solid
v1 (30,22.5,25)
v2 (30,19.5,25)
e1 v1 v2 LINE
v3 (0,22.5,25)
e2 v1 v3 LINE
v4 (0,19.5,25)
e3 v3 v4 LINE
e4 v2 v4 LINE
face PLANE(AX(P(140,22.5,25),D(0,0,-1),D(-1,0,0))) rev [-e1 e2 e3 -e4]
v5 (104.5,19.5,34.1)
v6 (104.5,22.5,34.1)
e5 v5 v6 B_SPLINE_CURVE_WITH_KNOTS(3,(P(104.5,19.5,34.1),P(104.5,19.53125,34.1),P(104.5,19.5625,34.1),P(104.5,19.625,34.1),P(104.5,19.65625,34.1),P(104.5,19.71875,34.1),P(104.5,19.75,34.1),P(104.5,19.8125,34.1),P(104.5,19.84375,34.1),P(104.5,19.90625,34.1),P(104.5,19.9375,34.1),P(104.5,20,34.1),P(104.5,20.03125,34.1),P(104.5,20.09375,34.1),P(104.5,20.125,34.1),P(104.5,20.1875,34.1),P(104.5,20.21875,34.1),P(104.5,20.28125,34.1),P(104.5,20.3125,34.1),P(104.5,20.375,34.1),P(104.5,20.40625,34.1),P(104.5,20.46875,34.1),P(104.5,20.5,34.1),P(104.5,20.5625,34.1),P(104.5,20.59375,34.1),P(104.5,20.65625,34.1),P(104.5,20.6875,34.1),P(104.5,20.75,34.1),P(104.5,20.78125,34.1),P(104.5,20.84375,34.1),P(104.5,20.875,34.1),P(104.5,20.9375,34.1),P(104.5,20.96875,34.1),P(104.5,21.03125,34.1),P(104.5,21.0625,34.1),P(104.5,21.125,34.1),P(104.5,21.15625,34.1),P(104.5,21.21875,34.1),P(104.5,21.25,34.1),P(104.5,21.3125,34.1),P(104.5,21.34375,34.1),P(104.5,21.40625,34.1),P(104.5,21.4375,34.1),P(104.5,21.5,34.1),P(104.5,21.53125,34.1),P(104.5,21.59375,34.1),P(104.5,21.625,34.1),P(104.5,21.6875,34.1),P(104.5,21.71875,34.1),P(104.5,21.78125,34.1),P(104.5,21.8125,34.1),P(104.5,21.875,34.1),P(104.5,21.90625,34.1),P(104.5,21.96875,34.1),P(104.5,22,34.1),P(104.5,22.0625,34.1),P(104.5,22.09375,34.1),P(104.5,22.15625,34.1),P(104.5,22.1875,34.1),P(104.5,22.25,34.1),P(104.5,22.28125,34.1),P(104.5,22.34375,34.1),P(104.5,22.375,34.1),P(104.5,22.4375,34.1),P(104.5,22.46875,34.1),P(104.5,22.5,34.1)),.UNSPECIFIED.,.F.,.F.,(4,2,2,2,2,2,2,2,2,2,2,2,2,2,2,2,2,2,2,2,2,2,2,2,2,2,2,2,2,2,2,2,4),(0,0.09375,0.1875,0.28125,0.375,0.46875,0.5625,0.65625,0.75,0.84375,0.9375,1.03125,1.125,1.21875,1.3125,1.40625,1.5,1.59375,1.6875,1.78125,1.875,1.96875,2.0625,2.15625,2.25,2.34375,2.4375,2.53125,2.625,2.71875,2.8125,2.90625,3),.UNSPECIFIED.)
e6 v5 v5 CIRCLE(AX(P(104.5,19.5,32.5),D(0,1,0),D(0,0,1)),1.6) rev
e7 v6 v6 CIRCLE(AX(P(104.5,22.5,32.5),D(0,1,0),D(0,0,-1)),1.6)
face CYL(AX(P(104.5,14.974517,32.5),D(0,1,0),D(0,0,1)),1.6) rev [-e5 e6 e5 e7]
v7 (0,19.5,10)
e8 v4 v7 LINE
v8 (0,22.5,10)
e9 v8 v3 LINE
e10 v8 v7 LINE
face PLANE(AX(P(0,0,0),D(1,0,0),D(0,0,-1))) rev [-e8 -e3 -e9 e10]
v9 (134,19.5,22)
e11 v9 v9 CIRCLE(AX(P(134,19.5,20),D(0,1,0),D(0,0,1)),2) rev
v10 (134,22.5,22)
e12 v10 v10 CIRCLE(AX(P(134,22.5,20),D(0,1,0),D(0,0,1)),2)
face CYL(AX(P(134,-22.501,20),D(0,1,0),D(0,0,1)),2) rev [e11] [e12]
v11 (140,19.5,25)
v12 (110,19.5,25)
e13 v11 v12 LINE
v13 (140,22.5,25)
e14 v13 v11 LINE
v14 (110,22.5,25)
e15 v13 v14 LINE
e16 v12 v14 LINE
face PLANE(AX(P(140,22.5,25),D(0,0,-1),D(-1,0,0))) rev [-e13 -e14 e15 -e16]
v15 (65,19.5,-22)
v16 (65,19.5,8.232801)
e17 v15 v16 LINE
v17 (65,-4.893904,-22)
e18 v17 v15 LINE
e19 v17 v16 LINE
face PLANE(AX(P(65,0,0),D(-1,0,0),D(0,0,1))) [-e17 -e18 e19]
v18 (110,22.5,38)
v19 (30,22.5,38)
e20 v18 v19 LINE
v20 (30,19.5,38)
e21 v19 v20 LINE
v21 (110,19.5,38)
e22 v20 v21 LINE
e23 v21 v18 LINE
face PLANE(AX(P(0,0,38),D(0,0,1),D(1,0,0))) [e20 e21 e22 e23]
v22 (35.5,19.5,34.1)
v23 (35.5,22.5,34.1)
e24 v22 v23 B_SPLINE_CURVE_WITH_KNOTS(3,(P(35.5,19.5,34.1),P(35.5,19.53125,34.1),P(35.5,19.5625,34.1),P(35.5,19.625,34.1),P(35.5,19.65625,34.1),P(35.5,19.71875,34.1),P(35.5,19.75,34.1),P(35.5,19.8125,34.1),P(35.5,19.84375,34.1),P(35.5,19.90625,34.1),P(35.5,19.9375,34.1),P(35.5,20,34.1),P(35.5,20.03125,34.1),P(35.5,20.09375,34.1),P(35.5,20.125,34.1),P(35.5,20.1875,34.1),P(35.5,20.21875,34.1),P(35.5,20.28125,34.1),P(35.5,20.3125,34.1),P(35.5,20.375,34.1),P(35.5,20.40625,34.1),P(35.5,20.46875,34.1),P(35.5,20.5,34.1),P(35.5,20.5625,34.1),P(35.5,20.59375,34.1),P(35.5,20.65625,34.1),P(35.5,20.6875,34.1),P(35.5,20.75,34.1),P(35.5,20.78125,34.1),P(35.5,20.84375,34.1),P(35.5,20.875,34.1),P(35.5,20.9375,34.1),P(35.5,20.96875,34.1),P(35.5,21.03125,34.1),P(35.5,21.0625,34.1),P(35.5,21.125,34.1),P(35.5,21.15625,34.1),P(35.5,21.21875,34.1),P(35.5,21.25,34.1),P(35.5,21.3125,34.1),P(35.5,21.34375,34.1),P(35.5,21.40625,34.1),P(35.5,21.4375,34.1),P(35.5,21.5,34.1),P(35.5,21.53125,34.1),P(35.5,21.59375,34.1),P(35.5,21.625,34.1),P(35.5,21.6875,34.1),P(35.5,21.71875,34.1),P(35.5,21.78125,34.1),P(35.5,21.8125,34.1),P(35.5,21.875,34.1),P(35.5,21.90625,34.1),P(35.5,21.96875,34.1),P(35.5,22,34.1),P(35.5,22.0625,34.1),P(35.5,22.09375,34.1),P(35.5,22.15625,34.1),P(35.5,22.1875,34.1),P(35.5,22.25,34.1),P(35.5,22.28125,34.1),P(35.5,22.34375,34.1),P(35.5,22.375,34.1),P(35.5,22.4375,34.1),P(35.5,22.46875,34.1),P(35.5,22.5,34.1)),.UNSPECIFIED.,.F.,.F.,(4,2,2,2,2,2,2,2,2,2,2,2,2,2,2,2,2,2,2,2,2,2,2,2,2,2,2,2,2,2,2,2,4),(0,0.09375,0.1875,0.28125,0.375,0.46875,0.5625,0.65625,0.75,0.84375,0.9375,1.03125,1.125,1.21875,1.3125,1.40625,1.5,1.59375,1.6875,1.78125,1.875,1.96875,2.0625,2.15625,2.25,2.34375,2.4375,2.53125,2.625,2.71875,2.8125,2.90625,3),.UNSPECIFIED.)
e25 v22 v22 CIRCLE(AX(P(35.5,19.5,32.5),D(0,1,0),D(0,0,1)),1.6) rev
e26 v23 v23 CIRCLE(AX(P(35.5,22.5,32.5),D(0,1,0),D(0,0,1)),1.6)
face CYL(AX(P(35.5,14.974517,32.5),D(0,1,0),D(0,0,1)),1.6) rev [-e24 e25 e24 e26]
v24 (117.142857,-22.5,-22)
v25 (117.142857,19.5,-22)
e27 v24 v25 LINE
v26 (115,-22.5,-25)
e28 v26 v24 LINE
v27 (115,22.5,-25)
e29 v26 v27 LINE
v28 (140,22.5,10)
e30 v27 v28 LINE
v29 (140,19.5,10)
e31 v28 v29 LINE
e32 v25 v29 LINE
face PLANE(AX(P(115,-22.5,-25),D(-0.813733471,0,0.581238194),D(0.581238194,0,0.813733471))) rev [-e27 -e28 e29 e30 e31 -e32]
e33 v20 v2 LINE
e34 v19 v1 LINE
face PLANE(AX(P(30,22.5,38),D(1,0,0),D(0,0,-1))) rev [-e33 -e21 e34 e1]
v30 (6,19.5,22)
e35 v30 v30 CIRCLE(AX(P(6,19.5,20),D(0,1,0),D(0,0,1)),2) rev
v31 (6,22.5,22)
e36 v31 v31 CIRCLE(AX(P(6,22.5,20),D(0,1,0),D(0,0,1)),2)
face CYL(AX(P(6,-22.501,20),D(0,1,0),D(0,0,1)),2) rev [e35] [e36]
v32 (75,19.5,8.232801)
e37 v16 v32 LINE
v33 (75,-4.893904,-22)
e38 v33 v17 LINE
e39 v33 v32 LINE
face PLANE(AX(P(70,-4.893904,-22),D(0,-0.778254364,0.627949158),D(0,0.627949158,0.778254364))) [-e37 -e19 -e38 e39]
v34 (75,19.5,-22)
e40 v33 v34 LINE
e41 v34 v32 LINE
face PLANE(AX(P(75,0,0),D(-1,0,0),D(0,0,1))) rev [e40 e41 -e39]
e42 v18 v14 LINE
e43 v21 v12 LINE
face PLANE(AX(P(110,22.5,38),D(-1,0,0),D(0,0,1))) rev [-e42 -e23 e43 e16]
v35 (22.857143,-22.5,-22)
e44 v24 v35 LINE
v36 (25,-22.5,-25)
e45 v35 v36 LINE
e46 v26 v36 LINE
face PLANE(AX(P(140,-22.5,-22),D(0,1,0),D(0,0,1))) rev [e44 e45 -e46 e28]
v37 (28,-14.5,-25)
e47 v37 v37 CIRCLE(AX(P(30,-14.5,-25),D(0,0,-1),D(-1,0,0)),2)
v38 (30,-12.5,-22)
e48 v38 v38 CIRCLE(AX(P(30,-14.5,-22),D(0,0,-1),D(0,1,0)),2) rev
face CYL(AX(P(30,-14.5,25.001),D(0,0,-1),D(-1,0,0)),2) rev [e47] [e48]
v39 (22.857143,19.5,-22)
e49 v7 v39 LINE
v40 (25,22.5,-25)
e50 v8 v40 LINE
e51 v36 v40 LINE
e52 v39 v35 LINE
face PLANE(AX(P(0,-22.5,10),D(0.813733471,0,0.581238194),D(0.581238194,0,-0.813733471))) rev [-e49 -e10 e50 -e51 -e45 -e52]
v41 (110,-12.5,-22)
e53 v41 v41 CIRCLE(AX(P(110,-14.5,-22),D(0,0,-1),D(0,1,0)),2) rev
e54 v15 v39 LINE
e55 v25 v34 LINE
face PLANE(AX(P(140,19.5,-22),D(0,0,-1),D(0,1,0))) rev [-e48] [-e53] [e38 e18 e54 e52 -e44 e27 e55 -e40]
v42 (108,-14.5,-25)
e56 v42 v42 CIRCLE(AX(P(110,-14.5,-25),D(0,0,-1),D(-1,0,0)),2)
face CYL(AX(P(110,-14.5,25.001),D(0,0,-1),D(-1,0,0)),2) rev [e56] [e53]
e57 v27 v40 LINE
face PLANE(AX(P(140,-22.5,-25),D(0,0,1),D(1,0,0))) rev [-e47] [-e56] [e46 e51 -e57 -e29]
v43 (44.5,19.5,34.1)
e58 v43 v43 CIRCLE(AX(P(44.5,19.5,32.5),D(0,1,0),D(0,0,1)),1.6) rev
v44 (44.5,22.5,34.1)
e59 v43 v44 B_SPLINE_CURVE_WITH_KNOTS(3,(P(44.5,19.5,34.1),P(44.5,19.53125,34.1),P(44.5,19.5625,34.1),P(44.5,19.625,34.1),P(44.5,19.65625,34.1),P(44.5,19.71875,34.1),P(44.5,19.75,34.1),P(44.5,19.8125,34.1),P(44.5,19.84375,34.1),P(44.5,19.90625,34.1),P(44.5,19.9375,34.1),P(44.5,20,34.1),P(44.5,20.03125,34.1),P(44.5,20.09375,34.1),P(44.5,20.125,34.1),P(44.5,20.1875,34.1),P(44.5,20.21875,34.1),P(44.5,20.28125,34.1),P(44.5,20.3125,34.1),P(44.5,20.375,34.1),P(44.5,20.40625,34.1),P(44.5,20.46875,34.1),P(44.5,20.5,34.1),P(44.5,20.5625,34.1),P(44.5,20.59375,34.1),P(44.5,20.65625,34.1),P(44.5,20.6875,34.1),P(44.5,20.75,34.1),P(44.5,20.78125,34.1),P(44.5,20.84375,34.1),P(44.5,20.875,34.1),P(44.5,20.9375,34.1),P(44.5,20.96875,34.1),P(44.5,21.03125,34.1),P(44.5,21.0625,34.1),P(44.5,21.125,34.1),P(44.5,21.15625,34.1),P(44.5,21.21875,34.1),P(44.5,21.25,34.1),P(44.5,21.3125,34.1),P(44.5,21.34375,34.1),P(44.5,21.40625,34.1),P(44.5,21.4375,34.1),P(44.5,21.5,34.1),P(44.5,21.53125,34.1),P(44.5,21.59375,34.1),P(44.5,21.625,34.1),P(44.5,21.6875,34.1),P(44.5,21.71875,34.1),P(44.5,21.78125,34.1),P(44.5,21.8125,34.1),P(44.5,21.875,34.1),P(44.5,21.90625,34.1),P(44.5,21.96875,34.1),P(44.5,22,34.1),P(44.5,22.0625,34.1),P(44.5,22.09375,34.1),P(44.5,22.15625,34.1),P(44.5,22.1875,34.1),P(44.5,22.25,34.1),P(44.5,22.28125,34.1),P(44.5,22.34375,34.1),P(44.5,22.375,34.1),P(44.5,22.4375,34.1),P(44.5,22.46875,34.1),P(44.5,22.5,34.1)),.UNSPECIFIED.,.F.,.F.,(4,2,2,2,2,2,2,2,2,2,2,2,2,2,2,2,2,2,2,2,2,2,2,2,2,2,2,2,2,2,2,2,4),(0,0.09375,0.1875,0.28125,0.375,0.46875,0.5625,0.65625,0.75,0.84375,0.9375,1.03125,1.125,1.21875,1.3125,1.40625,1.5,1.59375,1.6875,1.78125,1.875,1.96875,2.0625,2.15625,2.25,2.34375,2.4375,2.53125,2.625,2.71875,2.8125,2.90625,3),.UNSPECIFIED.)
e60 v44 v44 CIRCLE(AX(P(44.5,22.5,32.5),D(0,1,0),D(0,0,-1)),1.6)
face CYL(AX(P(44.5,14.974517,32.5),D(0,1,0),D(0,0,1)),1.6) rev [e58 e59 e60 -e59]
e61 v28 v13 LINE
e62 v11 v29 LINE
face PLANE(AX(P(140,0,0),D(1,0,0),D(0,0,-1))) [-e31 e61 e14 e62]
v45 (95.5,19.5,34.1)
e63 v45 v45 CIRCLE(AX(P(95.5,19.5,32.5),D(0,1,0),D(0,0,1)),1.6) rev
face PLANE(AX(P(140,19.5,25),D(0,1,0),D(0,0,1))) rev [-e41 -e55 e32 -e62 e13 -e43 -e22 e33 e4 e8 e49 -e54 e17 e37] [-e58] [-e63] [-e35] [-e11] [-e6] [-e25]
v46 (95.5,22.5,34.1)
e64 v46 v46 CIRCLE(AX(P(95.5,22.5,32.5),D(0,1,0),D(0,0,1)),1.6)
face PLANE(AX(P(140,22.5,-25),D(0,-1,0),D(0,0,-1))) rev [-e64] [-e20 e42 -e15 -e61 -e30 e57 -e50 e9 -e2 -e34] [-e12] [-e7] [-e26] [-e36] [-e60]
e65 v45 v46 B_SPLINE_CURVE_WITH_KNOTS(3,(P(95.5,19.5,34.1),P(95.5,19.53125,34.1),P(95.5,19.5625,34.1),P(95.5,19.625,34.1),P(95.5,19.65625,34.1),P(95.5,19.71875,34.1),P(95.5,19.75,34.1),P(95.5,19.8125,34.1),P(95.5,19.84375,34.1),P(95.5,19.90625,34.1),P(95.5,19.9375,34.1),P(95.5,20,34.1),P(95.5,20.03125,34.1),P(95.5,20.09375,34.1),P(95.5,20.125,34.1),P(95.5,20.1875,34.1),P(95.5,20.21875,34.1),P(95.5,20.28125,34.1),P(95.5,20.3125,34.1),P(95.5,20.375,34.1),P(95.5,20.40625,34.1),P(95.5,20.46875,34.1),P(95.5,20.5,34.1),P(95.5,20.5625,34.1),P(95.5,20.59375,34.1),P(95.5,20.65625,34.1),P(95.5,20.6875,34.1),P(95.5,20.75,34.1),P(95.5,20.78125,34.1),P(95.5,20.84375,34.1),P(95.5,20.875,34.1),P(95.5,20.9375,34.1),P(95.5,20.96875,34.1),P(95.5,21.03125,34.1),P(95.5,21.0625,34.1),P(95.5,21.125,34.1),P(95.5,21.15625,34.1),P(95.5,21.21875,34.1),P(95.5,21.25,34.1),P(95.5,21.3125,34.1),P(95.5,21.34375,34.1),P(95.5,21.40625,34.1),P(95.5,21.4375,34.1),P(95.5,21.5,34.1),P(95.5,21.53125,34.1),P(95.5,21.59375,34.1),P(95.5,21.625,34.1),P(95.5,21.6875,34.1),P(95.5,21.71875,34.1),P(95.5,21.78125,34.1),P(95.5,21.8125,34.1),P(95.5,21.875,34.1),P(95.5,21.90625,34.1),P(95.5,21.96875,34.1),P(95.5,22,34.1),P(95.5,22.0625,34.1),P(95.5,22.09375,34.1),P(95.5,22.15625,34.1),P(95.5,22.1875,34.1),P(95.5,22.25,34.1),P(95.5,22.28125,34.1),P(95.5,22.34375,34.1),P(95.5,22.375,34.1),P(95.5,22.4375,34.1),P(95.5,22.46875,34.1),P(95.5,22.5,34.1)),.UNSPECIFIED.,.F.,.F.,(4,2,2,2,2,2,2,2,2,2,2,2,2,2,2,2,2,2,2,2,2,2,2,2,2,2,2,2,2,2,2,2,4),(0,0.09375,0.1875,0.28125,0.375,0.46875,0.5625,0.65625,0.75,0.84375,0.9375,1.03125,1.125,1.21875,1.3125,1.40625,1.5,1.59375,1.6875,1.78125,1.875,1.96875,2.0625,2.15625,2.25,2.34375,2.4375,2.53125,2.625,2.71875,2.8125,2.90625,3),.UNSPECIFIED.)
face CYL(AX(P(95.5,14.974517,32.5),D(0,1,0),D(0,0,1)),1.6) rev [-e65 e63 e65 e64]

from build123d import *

# Parameters (mm, degrees)
EXTRUDE_1_DEPTH     = 140
CUT_EXTRUDE_1_REACH = 152.354
SKETCH_2_R          = 2
CUT_EXTRUDE_2_REACH = 151.164
SKETCH_3_R          = 2
CUT_EXTRUDE_3_DEPTH = 150.164338902
RIB_2_REACH         = 79.661
SKETCH_9_WALL_W     = 196.169186172
SKETCH_9_WALL_H     = 10
SKETCH_10_W         = 80
SKETCH_10_H         = 3
EXTRUDE_2_DEPTH     = 13
SKETCH_11_R         = 1.6
CUT_EXTRUDE_4_DEPTH = 3


with BuildPart() as part:
    # 草图1 → 凸台-拉伸1 (new body)
    with BuildSketch(Plane(origin=(0, 0, 0), x_dir=(0, 0, -1), z_dir=(1, 0, 0))):
        Polygon((22, 19.5), (22, -22.5), (25, -22.5), (25, 22.5), (-25, 22.5), (-25, 19.5), align=None)
    extrude(amount=EXTRUDE_1_DEPTH)

    # 草图2 → 切除-拉伸1 (cut, up to next)
    with BuildSketch(Plane(origin=(0, 0, -25), x_dir=(-1, 0, 0), z_dir=(0, 0, -1)), mode=Mode.PRIVATE) as cut_extrude_1_sk1:
        with Locations((-110, -14.5)):
            Circle(SKETCH_2_R)
    cut_extrude_1_tool1 = extrude(cut_extrude_1_sk1.sketch, amount=-CUT_EXTRUDE_1_REACH, mode=Mode.PRIVATE) & part.part
    # 草图2 → 切除-拉伸1 (cut, up to next)
    with BuildSketch(Plane(origin=(0, 0, -25), x_dir=(-1, 0, 0), z_dir=(0, 0, -1)), mode=Mode.PRIVATE) as cut_extrude_1_sk2:
        with Locations((-30, -14.5)):
            Circle(SKETCH_2_R)
    cut_extrude_1_tool2 = extrude(cut_extrude_1_sk2.sketch, amount=-CUT_EXTRUDE_1_REACH, mode=Mode.PRIVATE) & part.part
    add(cut_extrude_1_tool1.solids().sort_by_distance((110, -14.5, -25))[0], mode=Mode.SUBTRACT)
    add(cut_extrude_1_tool2.solids().sort_by_distance((30, -14.5, -25))[0], mode=Mode.SUBTRACT)

    # 草图3 → 切除-拉伸2 (cut, up to next)
    with BuildSketch(Plane(origin=(0, 22.5, 0), x_dir=(1, 0, 0), z_dir=(0, 1, 0)), mode=Mode.PRIVATE) as cut_extrude_2_sk1:
        with Locations(Location((6, -20, 0), (0, 0, 270))):
            Circle(SKETCH_3_R)
    cut_extrude_2_tool1 = extrude(cut_extrude_2_sk1.sketch, amount=-CUT_EXTRUDE_2_REACH, mode=Mode.PRIVATE) & part.part
    # 草图3 → 切除-拉伸2 (cut, up to next)
    with BuildSketch(Plane(origin=(0, 22.5, 0), x_dir=(1, 0, 0), z_dir=(0, 1, 0)), mode=Mode.PRIVATE) as cut_extrude_2_sk2:
        with Locations(Location((134, -20, 0), (0, 0, 270))):
            Circle(SKETCH_3_R)
    cut_extrude_2_tool2 = extrude(cut_extrude_2_sk2.sketch, amount=-CUT_EXTRUDE_2_REACH, mode=Mode.PRIVATE) & part.part
    add(cut_extrude_2_tool1.solids().sort_by_distance((6, 22.5, 20))[0], mode=Mode.SUBTRACT)
    add(cut_extrude_2_tool2.solids().sort_by_distance((134, 22.5, 20))[0], mode=Mode.SUBTRACT)

    # 草图4 → 切除-拉伸3 (cut, through all)
    with BuildSketch(Plane(origin=(0, 22.5, 0), x_dir=(1, 0, 0), z_dir=(0, 1, 0))):
        Polygon((140, 25), (115, 25), (140, -10), align=None)
        Polygon((25, 25), (0, 25), (0, -10), align=None)
    extrude(amount=-CUT_EXTRUDE_3_DEPTH, mode=Mode.SUBTRACT)

    # 草图9 wall → 筋2 (add, up to next)
    with BuildSketch(Plane(origin=(70, 7.303048218, -6.883599508), x_dir=(0, 0.627949157595, 0.778254364251), z_dir=(0, 0.778254364251, -0.627949157595)), mode=Mode.PRIVATE) as rib_2_sk1:
        Rectangle(SKETCH_9_WALL_W, SKETCH_9_WALL_H)
    rib_2_tool1 = extrude(rib_2_sk1.sketch, amount=RIB_2_REACH, mode=Mode.PRIVATE) - part.part
    add(rib_2_tool1.solids().sort_by_distance((70, 7.303048218, -6.883599508))[0])

    # 草图10 → 凸台-拉伸2 (add)
    with BuildSketch(Plane.XY.offset(25)):
        with Locations((70, 21)):
            Rectangle(SKETCH_10_W, SKETCH_10_H)
    extrude(amount=EXTRUDE_2_DEPTH)

    # 草图11 → 切除-拉伸4 (cut)
    with BuildSketch(Plane(origin=(0, 22.5, 0), x_dir=(1, 0, 0), z_dir=(0, 1, 0))):
        with Locations(Location((35.5, -32.5, 0), (0, 0, 270))):
            Circle(SKETCH_11_R)
        with Locations(Location((44.5, -32.5, 0), (0, 0, 270))):
            Circle(SKETCH_11_R)
        with Locations(Location((95.5, -32.5, 0), (0, 0, 270))):
            Circle(SKETCH_11_R)
        with Locations(Location((104.5, -32.5, 0), (0, 0, 270))):
            Circle(SKETCH_11_R)
    extrude(amount=-CUT_EXTRUDE_4_DEPTH, mode=Mode.SUBTRACT)


solid = part.part
